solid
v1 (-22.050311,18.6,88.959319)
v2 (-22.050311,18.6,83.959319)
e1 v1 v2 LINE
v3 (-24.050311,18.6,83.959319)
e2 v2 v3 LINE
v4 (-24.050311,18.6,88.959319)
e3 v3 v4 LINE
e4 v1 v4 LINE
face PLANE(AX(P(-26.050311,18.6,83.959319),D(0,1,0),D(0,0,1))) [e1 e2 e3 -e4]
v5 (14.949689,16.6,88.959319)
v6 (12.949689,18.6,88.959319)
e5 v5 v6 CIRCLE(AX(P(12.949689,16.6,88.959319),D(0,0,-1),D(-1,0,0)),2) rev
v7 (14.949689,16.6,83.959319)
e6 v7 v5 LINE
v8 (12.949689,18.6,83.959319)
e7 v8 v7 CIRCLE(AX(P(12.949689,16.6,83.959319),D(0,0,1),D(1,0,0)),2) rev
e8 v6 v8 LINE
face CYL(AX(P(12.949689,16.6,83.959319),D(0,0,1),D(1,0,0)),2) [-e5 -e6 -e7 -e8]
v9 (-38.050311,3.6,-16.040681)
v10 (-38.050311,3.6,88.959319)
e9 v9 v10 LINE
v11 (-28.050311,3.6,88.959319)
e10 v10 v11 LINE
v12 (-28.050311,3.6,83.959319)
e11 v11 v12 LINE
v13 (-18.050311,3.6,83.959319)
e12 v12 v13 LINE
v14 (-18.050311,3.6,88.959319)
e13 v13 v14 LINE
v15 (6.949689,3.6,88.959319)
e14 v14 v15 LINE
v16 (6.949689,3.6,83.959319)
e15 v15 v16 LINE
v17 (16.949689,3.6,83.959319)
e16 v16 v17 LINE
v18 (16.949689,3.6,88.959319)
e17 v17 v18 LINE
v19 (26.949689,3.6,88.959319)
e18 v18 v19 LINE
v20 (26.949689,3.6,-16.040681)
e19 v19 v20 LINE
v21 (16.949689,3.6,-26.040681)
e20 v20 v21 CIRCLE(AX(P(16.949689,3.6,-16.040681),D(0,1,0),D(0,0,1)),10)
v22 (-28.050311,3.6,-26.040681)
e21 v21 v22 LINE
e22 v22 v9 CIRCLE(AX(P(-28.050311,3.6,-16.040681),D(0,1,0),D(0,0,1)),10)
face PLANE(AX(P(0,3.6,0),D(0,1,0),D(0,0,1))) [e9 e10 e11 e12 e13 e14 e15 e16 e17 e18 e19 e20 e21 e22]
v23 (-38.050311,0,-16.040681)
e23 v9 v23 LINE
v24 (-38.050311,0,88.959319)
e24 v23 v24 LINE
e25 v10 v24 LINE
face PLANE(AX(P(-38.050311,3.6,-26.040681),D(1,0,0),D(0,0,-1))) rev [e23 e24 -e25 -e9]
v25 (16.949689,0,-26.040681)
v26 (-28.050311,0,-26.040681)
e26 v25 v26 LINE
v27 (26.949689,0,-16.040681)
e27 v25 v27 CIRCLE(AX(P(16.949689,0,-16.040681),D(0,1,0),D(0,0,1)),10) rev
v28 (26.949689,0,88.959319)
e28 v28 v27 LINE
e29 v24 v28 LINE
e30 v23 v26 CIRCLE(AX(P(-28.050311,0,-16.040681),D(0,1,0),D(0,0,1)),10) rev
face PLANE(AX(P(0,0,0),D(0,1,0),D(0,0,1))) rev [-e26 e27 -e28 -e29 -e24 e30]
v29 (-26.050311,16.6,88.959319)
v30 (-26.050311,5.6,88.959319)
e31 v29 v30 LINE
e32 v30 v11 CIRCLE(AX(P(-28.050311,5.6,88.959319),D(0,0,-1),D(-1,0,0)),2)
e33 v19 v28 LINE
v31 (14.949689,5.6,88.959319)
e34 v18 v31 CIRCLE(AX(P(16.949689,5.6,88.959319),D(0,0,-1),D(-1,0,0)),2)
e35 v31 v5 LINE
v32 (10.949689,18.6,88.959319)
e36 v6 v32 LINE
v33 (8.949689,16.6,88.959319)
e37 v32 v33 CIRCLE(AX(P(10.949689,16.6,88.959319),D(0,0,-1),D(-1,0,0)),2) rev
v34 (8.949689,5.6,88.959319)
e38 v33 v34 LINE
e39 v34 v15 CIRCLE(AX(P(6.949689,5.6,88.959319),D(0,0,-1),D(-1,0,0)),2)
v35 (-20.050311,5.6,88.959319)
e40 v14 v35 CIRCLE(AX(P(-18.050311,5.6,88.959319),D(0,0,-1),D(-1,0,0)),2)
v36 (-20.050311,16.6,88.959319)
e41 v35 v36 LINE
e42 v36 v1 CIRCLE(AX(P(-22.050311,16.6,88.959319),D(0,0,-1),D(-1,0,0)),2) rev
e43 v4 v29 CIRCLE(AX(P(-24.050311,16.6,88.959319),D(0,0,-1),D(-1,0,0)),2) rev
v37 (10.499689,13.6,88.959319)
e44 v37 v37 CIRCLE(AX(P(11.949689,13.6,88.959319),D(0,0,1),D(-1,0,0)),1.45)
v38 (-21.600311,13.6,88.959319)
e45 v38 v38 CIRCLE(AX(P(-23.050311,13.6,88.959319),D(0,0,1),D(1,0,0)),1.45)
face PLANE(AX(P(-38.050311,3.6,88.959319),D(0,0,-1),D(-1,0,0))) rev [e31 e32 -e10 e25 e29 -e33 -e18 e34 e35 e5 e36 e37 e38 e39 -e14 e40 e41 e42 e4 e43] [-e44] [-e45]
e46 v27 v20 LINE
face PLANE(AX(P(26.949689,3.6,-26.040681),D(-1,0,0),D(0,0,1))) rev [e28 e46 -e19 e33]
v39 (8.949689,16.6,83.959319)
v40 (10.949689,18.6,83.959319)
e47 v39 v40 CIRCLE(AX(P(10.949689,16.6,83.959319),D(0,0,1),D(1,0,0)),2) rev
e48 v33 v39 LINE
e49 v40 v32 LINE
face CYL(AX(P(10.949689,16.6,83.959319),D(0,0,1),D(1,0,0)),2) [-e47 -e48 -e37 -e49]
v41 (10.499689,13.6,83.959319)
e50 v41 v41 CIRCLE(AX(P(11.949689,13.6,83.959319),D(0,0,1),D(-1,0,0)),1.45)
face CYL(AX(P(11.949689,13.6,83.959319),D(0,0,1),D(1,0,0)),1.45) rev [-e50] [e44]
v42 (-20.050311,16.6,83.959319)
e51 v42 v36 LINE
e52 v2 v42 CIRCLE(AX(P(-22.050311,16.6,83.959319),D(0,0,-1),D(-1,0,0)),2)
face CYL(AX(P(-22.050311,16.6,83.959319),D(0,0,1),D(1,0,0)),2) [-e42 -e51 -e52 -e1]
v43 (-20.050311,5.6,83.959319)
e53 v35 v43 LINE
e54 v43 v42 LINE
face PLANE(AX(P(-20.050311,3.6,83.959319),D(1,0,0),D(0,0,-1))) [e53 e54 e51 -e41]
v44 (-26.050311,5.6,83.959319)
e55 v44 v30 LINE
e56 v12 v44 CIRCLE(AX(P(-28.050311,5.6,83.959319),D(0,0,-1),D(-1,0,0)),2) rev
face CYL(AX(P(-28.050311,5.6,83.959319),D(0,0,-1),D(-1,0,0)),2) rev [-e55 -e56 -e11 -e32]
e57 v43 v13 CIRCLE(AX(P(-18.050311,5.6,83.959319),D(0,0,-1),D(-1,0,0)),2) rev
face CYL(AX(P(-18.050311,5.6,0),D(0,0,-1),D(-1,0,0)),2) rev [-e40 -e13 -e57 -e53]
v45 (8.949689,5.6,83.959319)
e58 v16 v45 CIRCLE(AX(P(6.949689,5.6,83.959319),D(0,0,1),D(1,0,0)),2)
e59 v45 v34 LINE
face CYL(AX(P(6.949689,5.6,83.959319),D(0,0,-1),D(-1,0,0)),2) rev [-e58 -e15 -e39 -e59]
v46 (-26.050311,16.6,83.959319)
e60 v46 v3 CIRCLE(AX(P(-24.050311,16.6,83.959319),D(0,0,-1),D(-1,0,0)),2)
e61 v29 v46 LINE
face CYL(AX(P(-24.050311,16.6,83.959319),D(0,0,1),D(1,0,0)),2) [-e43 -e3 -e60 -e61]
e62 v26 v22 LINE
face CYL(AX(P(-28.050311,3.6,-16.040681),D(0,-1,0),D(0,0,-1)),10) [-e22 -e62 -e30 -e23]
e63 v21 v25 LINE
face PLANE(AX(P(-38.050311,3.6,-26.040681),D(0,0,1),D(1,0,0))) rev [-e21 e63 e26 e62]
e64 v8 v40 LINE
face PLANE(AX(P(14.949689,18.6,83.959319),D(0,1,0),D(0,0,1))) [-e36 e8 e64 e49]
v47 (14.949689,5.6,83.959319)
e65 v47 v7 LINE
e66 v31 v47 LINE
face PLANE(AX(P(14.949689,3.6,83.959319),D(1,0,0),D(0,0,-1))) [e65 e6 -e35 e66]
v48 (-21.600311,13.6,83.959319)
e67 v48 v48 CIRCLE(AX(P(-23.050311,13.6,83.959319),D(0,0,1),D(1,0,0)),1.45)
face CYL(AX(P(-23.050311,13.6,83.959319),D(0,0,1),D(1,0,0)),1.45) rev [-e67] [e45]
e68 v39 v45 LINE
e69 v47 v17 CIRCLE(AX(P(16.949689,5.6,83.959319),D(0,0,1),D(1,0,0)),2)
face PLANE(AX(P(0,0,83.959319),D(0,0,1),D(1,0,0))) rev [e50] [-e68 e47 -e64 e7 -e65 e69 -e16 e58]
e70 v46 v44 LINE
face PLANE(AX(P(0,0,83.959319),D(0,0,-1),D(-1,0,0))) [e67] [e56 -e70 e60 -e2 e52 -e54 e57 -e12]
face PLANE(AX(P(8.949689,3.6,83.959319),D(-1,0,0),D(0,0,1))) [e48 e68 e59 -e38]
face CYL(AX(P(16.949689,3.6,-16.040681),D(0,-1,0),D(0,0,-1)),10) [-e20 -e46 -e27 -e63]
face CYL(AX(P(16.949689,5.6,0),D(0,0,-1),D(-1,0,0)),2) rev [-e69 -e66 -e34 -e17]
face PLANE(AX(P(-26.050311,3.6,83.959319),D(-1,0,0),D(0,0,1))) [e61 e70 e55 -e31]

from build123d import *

# Parameters (mm, degrees)
SKETCH_1_W      = 65
SKETCH_1_H      = 115
EXTRUDE_1_DEPTH = 3.6
SKETCH_3_W      = 6
SKETCH_3_H      = 15
SKETCH_3_R      = 1.45
EXTRUDE_2_DEPTH = 5
FILLET_1_R      = 10
FILLET_2_R      = 2


with BuildPart() as part:
    # 草图1 → 凸台-拉伸1 (new body)
    with BuildSketch(Plane(origin=(0, 0, 0), x_dir=(1, 0, 0), z_dir=(0, 1, 0))):
        with Locations((-5.550310529, -31.459318732)):
            Rectangle(SKETCH_1_W, SKETCH_1_H)
    extrude(amount=EXTRUDE_1_DEPTH)

    # 草图3 → 凸台-拉伸2 (add)
    with BuildSketch(Plane.XY.offset(88.959318732)):
        with Locations((-23.050310529, 11.1)):
            Rectangle(SKETCH_3_W, SKETCH_3_H)
        with Locations((-23.050310529, 13.6)):
            Circle(SKETCH_3_R, mode=Mode.SUBTRACT)
        with Locations((11.949689471, 11.1)):
            Rectangle(SKETCH_3_W, SKETCH_3_H)
        with Locations((11.949689471, 13.6)):
            Circle(SKETCH_3_R, mode=Mode.SUBTRACT)
    extrude(amount=-EXTRUDE_2_DEPTH)

    # 圆角1
    fillet_1_edges = [part.edges().sort_by_distance(p)[0] for p in [
        (-38.050310529, 1.8, -26.040681268),
        (26.949689471, 1.8, -26.040681268),
    ]]
    fillet(fillet_1_edges, radius=FILLET_1_R)

    # 圆角2
    fillet_2_edges = [part.edges().sort_by_distance(p)[0] for p in [
        (-26.050310529, 3.6, 86.459318732),
        (-26.050310529, 18.6, 86.459318732),
        (-20.050310529, 18.6, 86.459318732),
        (-20.050310529, 3.6, 86.459318732),
        (14.949689471, 18.6, 86.459318732),
        (14.949689471, 3.6, 86.459318732),
        (8.949689471, 3.6, 86.459318732),
        (8.949689471, 18.6, 86.459318732),
    ]]
    fillet(fillet_2_edges, radius=FILLET_2_R)


solid = part.part
